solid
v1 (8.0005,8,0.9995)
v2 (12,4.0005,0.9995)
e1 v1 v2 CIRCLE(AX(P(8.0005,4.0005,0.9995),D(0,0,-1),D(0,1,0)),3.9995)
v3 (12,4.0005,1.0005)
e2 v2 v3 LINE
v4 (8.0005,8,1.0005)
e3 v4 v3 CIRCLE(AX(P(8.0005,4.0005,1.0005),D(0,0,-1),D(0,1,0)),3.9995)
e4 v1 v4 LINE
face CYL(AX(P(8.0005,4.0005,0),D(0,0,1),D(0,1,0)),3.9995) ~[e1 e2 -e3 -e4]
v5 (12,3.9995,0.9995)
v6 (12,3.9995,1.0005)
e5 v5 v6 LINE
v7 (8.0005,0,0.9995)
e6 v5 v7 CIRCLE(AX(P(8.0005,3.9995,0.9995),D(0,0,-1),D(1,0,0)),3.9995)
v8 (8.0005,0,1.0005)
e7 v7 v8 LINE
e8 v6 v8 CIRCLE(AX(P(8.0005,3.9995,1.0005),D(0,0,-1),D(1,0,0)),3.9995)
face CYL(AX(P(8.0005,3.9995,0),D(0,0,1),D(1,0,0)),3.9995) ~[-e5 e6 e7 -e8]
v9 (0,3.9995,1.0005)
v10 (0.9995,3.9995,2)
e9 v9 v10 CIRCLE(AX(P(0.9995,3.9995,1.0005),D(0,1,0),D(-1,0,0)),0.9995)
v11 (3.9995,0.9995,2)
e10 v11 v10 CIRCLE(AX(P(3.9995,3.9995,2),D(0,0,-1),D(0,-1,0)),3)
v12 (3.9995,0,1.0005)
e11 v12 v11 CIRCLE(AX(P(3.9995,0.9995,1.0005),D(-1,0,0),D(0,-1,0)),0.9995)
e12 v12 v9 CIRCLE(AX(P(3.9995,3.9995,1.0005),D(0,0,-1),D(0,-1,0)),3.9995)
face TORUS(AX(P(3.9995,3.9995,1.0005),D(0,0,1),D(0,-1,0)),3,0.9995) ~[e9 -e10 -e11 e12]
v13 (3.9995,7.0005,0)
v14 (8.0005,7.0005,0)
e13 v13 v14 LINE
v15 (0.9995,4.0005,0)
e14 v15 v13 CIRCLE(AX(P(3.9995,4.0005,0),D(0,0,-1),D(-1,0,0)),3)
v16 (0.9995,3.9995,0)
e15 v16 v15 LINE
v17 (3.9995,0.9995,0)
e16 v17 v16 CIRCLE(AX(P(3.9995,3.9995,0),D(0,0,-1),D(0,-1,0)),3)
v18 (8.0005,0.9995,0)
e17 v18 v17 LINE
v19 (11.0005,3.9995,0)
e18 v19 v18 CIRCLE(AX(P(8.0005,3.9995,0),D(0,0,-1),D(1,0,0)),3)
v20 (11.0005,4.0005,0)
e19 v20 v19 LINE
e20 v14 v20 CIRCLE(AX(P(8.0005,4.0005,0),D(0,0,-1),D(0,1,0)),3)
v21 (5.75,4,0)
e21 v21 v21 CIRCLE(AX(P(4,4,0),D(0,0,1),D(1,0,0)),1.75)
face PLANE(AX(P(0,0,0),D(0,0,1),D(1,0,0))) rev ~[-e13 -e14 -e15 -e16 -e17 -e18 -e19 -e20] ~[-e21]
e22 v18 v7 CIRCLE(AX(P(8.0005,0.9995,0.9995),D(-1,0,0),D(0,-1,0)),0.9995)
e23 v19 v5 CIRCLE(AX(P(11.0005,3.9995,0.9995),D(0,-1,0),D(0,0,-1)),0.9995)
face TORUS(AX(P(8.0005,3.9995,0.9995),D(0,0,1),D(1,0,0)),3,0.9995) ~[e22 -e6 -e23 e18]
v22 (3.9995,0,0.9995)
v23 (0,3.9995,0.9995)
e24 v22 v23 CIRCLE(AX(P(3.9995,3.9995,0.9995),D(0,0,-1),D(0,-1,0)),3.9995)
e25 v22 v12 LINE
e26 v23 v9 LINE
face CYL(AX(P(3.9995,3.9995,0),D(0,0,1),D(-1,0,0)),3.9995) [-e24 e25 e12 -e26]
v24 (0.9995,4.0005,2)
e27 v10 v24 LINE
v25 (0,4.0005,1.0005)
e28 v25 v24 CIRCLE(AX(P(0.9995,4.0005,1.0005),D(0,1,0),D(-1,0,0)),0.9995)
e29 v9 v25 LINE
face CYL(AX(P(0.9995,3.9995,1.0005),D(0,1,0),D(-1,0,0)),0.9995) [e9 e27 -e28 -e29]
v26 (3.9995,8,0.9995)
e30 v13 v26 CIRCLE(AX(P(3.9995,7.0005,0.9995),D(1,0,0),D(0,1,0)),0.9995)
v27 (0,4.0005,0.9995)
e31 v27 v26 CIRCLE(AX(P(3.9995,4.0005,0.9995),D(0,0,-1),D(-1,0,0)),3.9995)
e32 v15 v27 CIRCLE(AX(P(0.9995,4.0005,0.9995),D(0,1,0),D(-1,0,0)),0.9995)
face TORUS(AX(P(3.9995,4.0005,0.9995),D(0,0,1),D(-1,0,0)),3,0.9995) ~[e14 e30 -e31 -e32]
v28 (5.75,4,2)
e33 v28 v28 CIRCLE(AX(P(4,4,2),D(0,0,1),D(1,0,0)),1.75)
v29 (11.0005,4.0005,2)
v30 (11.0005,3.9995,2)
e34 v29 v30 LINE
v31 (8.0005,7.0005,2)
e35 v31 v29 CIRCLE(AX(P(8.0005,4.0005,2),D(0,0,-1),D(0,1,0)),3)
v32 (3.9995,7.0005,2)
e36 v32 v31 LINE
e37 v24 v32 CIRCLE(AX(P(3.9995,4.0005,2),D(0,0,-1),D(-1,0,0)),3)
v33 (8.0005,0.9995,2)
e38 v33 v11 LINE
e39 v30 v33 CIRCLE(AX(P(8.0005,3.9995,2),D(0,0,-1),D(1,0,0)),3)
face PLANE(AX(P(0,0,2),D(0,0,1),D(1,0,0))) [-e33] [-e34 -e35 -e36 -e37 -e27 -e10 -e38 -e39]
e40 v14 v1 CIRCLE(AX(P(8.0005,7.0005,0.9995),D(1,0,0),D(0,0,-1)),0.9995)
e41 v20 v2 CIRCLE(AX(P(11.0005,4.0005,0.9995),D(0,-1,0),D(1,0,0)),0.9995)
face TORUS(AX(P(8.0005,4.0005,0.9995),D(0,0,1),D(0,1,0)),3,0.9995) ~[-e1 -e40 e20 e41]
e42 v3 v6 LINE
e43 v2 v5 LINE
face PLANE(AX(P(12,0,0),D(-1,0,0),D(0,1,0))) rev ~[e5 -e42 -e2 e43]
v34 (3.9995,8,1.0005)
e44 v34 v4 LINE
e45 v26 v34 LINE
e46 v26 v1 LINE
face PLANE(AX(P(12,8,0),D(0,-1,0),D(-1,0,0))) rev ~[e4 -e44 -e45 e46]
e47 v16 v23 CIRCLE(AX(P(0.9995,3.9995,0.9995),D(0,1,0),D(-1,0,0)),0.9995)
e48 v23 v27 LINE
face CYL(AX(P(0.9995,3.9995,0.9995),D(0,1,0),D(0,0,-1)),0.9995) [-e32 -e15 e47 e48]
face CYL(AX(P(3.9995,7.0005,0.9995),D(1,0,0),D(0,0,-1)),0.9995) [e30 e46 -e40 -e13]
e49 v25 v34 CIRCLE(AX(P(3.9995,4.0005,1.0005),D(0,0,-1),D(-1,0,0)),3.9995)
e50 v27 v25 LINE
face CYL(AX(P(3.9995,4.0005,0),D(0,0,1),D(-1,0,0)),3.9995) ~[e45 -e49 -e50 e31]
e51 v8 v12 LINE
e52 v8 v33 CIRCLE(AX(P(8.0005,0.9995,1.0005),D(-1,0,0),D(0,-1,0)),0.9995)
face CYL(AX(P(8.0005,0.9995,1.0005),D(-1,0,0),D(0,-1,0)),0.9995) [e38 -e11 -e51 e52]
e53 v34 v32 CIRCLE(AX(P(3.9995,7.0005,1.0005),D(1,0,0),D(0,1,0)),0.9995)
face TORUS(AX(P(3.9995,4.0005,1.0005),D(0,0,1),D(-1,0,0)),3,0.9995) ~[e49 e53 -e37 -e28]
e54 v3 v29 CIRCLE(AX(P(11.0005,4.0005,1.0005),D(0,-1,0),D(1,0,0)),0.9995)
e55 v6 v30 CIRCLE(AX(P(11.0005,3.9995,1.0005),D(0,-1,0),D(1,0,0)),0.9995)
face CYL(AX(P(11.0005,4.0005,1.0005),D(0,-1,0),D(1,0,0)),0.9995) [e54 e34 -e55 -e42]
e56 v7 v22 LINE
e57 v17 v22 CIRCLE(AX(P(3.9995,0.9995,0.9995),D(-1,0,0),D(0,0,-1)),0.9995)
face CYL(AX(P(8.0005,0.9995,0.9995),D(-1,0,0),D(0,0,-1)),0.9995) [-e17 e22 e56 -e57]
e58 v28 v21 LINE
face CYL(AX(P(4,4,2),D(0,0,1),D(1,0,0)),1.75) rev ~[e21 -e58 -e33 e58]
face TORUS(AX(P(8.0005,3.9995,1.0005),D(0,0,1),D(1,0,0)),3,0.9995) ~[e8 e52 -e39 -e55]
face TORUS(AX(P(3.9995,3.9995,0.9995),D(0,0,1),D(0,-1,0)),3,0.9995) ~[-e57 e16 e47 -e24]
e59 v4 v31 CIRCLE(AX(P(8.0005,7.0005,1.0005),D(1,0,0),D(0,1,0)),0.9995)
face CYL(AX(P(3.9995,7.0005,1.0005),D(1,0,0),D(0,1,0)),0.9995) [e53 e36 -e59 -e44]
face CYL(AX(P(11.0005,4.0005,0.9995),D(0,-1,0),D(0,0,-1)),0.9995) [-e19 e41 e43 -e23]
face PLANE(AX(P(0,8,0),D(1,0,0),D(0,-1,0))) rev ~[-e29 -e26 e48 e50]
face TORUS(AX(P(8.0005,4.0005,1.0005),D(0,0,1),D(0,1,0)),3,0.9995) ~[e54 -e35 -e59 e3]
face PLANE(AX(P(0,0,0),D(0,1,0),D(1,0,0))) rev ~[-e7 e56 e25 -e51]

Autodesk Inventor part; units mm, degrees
ref_plane "YZ Plane" through (0, 0, 0) normal (1, 0, 0) x (0, 1, 0)
ref_plane "XZ Plane" through (0, 0, 0) normal (0, 1, 0) x (-1, 0, 0)
ref_plane "XY Plane" through (0, 0, 0) normal (0, 0, 1) x (1, 0, 0)
sketch "Sketch3" plane through (0, 0, 0) normal (0, 0, 1) x (1, 0, 0)
  line L0 (0, 0) -> (12, 0)
  line L1 (12, 0) -> (12, 8)
  line L2 (12, 8) -> (0, 8)
  line L3 (0, 8) -> (0, 0)
  dimension "d6" = 12
  dimension "d7" = 8
extrude "Extrusion2" add sketch "Sketch3" along normal blind 2
fillet "Fillet2" radius 4 4 edges at (0, 8, 1) (0, 0, 1) (12, 0, 1) (12, 8, 1)
sketch "Sketch4" plane through (0, 0, 2) normal (0, 0, 1) x (1, 0, 0)
  arc A0 (4, 8) -> (4, 0) centre (4, 4) ccw projected
  circle A1 centre (4, 4) radius 1.75
  point P0 (0, 0)
  dimension "d11" = 3.5
extrude "Extrusion3" cut sketch "Sketch4" against normal blind 2
fillet "Fillet3" radius 1 8 edges at (1.1714, 6.8286, 2) (6, 0, 2) (10.8286, 1.1714, 2) (6, 8, 2) (1.1714, 6.8286, 0) (6, 0, 0) (10.8286, 1.1714, 0) (6, 8, 0)
properties part number "Plectrum"
